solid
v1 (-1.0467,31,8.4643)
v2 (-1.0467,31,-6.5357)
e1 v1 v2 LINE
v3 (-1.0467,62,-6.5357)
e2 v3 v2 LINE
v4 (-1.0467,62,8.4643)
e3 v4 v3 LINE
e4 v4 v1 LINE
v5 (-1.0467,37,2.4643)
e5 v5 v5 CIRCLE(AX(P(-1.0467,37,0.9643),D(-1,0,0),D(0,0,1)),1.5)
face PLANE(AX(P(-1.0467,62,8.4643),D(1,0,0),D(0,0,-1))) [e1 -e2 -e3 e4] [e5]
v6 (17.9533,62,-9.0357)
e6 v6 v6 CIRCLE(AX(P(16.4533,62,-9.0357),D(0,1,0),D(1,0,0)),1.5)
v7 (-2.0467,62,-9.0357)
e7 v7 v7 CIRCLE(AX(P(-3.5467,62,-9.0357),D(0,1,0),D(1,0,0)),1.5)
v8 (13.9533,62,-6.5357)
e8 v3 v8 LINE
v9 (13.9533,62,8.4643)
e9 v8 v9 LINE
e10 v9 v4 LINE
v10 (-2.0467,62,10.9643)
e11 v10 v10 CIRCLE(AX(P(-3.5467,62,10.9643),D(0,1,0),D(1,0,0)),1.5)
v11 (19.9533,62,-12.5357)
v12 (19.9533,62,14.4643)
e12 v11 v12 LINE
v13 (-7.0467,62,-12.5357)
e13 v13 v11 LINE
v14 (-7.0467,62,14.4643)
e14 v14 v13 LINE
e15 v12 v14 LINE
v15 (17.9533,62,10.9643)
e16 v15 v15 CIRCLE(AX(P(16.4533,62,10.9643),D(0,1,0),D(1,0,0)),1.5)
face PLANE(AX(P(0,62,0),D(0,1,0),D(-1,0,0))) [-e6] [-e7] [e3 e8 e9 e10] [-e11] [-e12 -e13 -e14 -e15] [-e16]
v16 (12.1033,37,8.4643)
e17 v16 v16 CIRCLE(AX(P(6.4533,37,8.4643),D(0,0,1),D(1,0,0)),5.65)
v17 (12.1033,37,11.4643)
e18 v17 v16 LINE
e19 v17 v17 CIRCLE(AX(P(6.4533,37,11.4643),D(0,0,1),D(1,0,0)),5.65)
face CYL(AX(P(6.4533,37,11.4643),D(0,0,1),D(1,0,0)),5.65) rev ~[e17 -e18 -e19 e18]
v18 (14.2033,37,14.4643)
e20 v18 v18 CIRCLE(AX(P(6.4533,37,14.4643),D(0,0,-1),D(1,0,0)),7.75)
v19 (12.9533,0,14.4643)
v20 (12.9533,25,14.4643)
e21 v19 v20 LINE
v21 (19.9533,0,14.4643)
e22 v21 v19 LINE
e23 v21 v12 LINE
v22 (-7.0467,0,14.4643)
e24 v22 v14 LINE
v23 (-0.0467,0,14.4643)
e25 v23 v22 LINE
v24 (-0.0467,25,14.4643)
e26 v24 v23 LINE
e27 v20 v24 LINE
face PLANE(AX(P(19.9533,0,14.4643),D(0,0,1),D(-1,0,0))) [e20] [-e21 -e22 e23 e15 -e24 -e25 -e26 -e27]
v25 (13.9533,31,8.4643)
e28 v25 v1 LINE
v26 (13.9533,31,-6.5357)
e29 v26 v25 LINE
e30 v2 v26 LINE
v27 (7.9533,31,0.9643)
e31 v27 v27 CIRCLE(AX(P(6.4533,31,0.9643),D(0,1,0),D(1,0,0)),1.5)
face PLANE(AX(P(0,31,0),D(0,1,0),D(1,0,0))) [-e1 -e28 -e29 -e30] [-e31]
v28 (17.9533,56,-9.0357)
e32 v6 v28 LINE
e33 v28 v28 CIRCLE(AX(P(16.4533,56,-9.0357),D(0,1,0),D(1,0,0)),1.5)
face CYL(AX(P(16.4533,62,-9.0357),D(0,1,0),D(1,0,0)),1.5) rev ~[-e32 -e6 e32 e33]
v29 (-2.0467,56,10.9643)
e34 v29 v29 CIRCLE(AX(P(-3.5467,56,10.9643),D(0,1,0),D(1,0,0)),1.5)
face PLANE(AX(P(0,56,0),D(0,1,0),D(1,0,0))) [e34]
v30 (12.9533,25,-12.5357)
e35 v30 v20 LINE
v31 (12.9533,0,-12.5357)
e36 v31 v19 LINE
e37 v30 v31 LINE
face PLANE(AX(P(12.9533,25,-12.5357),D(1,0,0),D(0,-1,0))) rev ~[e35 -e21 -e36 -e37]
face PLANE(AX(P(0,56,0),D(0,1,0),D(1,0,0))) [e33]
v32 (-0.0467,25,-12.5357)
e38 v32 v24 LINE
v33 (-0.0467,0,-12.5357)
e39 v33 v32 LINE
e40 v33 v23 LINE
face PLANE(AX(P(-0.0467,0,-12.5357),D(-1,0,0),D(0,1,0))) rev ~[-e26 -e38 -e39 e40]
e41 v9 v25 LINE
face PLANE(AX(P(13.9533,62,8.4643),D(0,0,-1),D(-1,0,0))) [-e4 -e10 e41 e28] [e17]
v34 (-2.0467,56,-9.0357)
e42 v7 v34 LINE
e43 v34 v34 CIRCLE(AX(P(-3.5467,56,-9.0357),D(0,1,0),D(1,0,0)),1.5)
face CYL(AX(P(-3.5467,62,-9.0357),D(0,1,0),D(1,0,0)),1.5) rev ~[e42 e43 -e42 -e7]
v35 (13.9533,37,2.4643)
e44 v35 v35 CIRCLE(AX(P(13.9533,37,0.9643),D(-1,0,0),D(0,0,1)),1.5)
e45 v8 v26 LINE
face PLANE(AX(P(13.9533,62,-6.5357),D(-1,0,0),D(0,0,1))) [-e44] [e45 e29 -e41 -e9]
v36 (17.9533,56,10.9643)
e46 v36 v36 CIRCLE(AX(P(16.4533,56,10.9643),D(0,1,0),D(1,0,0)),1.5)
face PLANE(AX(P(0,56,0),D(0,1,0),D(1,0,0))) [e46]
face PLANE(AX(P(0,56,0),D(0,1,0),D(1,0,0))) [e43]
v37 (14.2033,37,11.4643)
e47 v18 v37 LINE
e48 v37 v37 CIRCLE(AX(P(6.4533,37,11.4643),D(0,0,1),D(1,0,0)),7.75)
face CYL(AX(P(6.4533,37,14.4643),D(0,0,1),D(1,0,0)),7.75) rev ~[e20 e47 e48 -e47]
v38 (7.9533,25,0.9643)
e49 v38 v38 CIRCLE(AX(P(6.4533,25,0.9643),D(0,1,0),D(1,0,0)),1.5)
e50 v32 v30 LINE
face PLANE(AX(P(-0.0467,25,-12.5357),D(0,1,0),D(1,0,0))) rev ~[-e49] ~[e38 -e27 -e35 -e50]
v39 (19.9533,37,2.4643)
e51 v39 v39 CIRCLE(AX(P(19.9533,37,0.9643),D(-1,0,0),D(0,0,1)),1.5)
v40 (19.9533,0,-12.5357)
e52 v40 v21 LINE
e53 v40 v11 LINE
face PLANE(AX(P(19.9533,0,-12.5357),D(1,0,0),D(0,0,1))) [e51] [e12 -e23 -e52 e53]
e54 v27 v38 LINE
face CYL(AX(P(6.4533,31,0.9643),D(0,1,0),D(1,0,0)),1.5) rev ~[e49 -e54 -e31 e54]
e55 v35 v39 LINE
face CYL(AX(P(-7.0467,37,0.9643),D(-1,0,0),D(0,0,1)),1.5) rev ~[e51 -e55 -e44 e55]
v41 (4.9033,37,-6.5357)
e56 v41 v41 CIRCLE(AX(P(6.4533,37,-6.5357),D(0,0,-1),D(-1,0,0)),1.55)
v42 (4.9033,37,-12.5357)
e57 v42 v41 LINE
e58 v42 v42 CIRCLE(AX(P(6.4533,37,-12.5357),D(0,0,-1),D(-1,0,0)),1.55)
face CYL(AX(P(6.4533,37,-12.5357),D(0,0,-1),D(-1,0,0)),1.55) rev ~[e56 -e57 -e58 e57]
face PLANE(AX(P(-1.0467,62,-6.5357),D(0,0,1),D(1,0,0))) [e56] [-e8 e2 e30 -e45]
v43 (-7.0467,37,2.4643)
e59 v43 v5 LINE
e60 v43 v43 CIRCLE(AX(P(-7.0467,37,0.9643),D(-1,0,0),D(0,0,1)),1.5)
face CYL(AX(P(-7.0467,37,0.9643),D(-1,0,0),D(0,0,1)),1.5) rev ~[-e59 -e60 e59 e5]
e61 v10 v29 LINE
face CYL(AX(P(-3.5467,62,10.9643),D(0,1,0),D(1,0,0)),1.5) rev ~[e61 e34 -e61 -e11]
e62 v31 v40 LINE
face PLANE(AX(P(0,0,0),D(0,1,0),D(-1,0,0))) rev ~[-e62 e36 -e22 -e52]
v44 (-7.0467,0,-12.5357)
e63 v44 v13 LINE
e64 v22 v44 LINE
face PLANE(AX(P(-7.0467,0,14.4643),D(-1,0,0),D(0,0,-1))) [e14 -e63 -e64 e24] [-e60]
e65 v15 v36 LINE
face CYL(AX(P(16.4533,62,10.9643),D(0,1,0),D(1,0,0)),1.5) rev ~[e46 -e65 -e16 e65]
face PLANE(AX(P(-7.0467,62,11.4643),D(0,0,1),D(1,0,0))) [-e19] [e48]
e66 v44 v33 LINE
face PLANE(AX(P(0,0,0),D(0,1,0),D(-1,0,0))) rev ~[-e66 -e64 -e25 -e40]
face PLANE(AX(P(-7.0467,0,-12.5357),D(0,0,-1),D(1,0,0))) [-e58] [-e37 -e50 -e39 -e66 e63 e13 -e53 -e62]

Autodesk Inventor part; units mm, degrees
ref_plane "YZ Plane" through (0, 0, 0) normal (1, 0, 0) x (0, 1, 0)
ref_plane "XZ Plane" through (0, 0, 0) normal (0, 1, 0) x (-1, 0, 0)
ref_plane "XY Plane" through (0, 0, 0) normal (0, 0, 1) x (1, 0, 0)
sketch "Boceto1" plane through (0, 0, 0) normal (0, 1, 0) x (-1, 0, 0)
  line L0 (-19.9533, 14.4643) -> (7.0467, 14.4643)
  line L1 (7.0467, 14.4643) -> (7.0467, -12.5357)
  line L2 (7.0467, -12.5357) -> (-19.9533, -12.5357)
  line L3 (-19.9533, -12.5357) -> (-19.9533, 14.4643)
  point P0 (0, 0)
  dimension "d0" = 27
  dimension "d1" = 27
extrude "Extrusión1" add sketch "Boceto1" along normal blind 62
sketch "Boceto2" plane through (0, 62, 0) normal (0, 1, 0) x (1, 0, 0)
  line L0 (-7.0467, -14.4643) -> (19.9533, -14.4643) projected
  line L1 (19.9533, -14.4643) -> (19.9533, 12.5357) projected
  line L2 (19.9533, 12.5357) -> (-7.0467, 12.5357) projected
  line L3 (-7.0467, 12.5357) -> (-7.0467, -14.4643) projected
  line L4 (-1.0467, 6.5357) -> (13.9533, 6.5357)
  line L5 (13.9533, 6.5357) -> (13.9533, -8.4643)
  line L6 (13.9533, -8.4643) -> (-1.0467, -8.4643)
  line L7 (-1.0467, -8.4643) -> (-1.0467, 6.5357)
  point P0 (0, 0)
  dimension "d4" = 6
  dimension "d5" = 6
  dimension "d6" = 6
  dimension "d7" = 6
extrude "Extrusión2" cut sketch "Boceto2" against normal blind 31 contours L4 L5 L6 L7
sketch "Boceto3" plane through (19.9533, 0, -12.5357) normal (0, 0, -1) x (-1, 0, 0)
  line L0 (27, 0) -> (0, 0) projected
  line L1 (27, 0) -> (27, 62) projected
  line L2 (0, 0) -> (0, 62) projected
  line L3 (20, 25) -> (7, 25)
  line L4 (7, 25) -> (7, 0)
  line L5 (7, 0) -> (20, 0)
  line L6 (20, 0) -> (20, 25)
  line L7 (0, 62) -> (27, 62) projected
  circle A0 centre (13.5, 39) radius 2.55
  point P0 (19.9533, 0)
  dimension "d10" = 7
  dimension "d11" = 7
  dimension "d12" = 25
  dimension "d16" = 5.1
  dimension "d17" = 13.5
  dimension "d18" = 23
extrude "Extrusión3" cut sketch "Boceto3" against normal blind 30 contours L0 L4 L3 L6
sketch "Boceto4" plane through (19.9533, 62, -12.5357) normal (0, 0, -1) x (-1, 0, 0)
  line L0 (0, -62) -> (0, 0) projected
  circle A0 centre (13.5, -25) radius 1.55
  line L1 (21, -31) -> (6, -31) projected
  point P0 (19.9533, -62)
  dimension "d19" = 3.1
  dimension "d20" = 13.5
  dimension "d34" = 6
extrude "Extrusión4" cut sketch "Boceto4" against normal blind 7
sketch "Boceto5" plane through (-7.0467, 62, 14.4643) normal (0, 0, 1) x (1, 0, 0)
  line L0 (27, -62) -> (27, 0) projected
  circle A0 centre (13.5, -25) radius 7.75
  line L1 (21, -31) -> (6, -31) projected
  point P0 (7.0467, -62)
  dimension "d24" = 15.5
  dimension "d25" = 13.5
  dimension "d33" = 6
extrude "Extrusión5" cut sketch "Boceto5" against normal blind 3
sketch "Boceto6" plane through (6.4533, 37, 11.4643) normal (0, 0, 1) x (1, 0, 0)
  circle A0 centre (0, 0) radius 7.75 projected
  circle A1 centre (0, 0) radius 5.65
  point P0 (-6.4533, -37)
  dimension "d29" = 11.3
extrude "Extrusión6" cut sketch "Boceto6" against normal blind 3 contours A1
sketch "Boceto8" plane through (-7.0467, 0, -12.5357) normal (-1, 0, 0) x (0, 0, 1)
  line L0 (27, 0) -> (27, 62) projected
  circle A0 centre (13.5, 37) radius 1.5
  line L1 (0, 25) -> (27, 25) projected
  line L2 (0, 25) -> (27, 25) projected
  point P0 (12.5357, 0)
  dimension "d42" = 13.5
  dimension "d43" = 3
  dimension "d47" = 12
extrude "Extrusión8" cut sketch "Boceto8" against normal through all
sketch "Boceto9" plane through (0, 62, 0) normal (0, 1, 0) x (1, 0, 0)
  line L0 (-7.0467, -14.4643) -> (19.9533, -14.4643) projected
  line L1 (19.9533, -14.4643) -> (19.9533, 12.5357) projected
  line L2 (19.9533, 12.5357) -> (-7.0467, 12.5357) projected
  line L3 (-7.0467, 12.5357) -> (-7.0467, -14.4643) projected
  circle A0 centre (-3.5467, 9.0357) radius 1.5
  circle A1 centre (16.4533, 9.0357) radius 1.5
  circle A2 centre (-3.5467, -10.9643) radius 1.5
  circle A3 centre (16.4533, -10.9643) radius 1.5
  point P0 (0, 0)
  dimension "d48" = 3
  dimension "d49" = 3.5
  dimension "d50" = 3.5
  dimension "d51" = 3.5
  dimension "d52" = 3.5
  dimension "d53" = 3
  dimension "d54" = 3
  dimension "d55" = 3.5
  dimension "d56" = 3.5
  dimension "d57" = 3.5
  dimension "d58" = 3.5
  dimension "d59" = 3
extrude "Extrusión9" cut sketch "Boceto9" against normal blind 6 contours A0 | A1 | A2 | A3
sketch "Boceto10" plane through (0, 31, 0) normal (0, 1, 0) x (1, 0, 0)
  line L0 (-1.0467, 6.5357) -> (13.9533, 6.5357) projected
  line L1 (13.9533, 6.5357) -> (13.9533, -8.4643) projected
  circle A0 centre (6.4533, -0.9643) radius 1.5
  point P0 (0, 0)
  dimension "d62" = 3
  dimension "d63" = 7.5
  dimension "d64" = 7.5
extrude "Extrusión10" cut sketch "Boceto10" against normal through all
properties part number "Cubeta Final"
